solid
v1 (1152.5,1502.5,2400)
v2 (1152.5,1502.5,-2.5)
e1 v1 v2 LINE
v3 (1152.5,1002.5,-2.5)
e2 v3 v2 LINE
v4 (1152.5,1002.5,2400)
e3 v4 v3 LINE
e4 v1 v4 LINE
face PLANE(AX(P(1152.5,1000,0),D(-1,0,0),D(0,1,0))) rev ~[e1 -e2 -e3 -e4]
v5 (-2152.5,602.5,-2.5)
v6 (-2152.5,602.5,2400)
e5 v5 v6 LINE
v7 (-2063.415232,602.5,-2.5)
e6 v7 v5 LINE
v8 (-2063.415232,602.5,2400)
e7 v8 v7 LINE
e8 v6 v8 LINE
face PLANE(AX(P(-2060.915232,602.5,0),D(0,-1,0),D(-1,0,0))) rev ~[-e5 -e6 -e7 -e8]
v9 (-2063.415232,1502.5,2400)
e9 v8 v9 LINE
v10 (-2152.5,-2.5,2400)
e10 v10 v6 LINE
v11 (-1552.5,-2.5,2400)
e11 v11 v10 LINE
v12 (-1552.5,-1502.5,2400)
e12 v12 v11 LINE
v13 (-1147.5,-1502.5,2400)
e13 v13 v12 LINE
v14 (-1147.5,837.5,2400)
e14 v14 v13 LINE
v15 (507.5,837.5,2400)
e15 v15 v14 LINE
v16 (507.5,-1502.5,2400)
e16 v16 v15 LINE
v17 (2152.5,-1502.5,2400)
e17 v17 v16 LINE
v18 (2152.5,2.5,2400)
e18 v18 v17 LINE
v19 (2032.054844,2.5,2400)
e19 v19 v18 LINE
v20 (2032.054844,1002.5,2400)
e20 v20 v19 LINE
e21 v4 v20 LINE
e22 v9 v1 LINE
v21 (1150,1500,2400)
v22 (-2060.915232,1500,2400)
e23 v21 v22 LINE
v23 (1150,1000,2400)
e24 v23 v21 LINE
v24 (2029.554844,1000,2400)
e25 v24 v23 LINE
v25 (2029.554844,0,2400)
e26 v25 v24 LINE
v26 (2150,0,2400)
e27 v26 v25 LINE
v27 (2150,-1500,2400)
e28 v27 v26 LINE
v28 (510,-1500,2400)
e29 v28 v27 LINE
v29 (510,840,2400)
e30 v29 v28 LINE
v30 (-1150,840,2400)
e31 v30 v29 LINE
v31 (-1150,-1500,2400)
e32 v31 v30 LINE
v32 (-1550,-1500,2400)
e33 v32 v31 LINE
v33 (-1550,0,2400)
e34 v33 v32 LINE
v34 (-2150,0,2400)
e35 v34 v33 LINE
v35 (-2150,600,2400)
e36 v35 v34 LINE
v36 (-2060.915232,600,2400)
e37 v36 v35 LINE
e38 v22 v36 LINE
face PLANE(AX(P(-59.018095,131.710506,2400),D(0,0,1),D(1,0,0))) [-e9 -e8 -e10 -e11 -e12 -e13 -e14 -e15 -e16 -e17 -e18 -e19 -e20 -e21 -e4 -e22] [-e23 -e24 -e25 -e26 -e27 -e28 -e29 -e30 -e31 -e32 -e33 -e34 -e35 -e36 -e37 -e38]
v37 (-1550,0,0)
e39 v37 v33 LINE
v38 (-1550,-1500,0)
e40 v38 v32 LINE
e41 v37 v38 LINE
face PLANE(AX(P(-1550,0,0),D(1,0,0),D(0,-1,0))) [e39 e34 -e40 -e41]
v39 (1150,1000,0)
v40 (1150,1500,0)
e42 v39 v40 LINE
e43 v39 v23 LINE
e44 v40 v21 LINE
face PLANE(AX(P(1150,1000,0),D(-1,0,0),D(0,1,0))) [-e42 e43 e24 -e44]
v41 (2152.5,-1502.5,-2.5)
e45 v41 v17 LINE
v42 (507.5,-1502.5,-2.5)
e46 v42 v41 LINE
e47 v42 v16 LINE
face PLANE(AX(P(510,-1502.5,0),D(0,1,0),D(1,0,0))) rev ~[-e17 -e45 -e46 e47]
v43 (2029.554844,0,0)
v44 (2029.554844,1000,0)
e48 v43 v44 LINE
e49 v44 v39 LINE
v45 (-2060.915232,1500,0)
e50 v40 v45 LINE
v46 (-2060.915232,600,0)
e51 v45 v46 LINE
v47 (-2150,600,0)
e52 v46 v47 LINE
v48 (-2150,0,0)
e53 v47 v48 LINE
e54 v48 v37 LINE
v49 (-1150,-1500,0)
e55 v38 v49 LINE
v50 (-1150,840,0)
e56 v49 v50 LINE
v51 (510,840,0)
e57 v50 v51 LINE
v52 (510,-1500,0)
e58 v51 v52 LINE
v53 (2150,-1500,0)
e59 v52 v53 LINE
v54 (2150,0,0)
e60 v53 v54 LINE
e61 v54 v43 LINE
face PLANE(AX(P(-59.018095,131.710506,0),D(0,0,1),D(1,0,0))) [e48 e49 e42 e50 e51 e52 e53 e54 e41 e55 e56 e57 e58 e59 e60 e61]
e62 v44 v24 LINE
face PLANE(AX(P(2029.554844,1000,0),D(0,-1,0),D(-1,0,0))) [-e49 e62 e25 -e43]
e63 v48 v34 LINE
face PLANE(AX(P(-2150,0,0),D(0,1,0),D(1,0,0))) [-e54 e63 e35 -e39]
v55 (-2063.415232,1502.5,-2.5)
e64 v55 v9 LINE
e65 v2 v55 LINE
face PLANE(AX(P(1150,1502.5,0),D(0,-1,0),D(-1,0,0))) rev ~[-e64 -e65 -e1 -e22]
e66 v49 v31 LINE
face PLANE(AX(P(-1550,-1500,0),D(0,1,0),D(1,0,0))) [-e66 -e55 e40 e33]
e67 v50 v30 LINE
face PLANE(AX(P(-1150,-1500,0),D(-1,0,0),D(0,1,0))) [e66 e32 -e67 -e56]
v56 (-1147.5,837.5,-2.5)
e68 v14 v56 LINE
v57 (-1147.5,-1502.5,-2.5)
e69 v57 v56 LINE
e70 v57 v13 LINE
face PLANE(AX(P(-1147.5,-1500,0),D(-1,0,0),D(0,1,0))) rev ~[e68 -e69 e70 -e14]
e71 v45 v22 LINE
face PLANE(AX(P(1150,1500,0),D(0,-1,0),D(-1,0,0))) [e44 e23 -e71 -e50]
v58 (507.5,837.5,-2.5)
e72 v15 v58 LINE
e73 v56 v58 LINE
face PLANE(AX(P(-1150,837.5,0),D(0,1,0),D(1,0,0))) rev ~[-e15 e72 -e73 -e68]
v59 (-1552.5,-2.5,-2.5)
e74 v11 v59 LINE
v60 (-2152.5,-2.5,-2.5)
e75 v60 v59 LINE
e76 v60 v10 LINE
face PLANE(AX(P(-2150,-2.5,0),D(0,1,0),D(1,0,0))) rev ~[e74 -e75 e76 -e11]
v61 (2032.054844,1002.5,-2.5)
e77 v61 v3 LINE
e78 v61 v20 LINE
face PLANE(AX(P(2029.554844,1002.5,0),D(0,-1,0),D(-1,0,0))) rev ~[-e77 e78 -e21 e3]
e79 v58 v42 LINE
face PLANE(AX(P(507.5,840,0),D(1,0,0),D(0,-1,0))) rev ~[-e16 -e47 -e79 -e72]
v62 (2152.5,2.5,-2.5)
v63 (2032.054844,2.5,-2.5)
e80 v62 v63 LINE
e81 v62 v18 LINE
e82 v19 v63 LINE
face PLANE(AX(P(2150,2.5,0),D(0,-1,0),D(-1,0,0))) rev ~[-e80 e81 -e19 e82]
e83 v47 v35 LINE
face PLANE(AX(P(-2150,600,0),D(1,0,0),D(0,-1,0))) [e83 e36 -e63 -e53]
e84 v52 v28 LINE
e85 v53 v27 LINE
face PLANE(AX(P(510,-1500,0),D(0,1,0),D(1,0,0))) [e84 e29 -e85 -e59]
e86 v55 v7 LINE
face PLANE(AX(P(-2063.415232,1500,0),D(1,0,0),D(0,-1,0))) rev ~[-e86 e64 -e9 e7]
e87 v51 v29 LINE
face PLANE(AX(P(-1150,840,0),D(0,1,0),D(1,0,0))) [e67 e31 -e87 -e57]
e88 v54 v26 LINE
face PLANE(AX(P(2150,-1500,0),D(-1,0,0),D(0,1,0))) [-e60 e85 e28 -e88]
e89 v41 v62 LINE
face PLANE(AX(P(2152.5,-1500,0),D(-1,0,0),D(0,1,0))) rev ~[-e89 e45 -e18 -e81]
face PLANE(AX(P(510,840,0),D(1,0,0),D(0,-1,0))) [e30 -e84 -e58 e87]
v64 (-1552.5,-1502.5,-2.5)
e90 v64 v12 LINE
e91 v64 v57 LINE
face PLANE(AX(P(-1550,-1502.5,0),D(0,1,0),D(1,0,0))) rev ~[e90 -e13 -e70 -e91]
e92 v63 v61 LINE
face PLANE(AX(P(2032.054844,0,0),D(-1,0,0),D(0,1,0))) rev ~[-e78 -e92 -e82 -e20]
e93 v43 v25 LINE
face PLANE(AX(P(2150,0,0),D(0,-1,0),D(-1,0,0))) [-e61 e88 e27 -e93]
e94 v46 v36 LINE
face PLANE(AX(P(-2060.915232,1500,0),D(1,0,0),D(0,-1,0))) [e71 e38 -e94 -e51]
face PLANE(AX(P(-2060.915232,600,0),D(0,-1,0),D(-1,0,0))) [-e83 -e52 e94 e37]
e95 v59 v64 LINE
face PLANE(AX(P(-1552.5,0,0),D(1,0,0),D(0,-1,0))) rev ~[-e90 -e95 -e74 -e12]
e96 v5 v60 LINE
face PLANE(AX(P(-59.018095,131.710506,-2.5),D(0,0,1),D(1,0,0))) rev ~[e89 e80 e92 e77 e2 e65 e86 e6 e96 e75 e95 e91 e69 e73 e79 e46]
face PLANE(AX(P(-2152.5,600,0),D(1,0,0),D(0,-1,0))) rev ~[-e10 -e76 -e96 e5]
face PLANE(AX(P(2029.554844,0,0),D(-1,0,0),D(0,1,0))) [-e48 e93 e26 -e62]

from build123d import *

# Parameters (mm, degrees)
F1_DEPTH = 2400
F2_T     = 2.5


with BuildPart() as f1:
    # F0 (on Top) → F1 (new body)
    with BuildSketch(Plane.XY):
        Polygon((1150, 1500), (-2060.9152317047, 1500), (-2060.9152317047, 600), (-2150, 600), (-2150, 0), (-1550, 0), (-1550, -1500), (-1150, -1500), (-1150, 840), (510, 840), (510, -1500), (2150, -1500), (2150, 0), (2029.5548439026, 0), (2029.5548439026, 1000), (1150, 1000), align=None)
    extrude(amount=F1_DEPTH)

    # F2
    f2_openings = [f1.faces().sort_by_distance(p)[0] for p in [
        (-455.457616, 1447.569093, 2400),
    ]]
    offset(amount=F2_T, openings=f2_openings, kind=Kind.INTERSECTION)


solid = f1.part
